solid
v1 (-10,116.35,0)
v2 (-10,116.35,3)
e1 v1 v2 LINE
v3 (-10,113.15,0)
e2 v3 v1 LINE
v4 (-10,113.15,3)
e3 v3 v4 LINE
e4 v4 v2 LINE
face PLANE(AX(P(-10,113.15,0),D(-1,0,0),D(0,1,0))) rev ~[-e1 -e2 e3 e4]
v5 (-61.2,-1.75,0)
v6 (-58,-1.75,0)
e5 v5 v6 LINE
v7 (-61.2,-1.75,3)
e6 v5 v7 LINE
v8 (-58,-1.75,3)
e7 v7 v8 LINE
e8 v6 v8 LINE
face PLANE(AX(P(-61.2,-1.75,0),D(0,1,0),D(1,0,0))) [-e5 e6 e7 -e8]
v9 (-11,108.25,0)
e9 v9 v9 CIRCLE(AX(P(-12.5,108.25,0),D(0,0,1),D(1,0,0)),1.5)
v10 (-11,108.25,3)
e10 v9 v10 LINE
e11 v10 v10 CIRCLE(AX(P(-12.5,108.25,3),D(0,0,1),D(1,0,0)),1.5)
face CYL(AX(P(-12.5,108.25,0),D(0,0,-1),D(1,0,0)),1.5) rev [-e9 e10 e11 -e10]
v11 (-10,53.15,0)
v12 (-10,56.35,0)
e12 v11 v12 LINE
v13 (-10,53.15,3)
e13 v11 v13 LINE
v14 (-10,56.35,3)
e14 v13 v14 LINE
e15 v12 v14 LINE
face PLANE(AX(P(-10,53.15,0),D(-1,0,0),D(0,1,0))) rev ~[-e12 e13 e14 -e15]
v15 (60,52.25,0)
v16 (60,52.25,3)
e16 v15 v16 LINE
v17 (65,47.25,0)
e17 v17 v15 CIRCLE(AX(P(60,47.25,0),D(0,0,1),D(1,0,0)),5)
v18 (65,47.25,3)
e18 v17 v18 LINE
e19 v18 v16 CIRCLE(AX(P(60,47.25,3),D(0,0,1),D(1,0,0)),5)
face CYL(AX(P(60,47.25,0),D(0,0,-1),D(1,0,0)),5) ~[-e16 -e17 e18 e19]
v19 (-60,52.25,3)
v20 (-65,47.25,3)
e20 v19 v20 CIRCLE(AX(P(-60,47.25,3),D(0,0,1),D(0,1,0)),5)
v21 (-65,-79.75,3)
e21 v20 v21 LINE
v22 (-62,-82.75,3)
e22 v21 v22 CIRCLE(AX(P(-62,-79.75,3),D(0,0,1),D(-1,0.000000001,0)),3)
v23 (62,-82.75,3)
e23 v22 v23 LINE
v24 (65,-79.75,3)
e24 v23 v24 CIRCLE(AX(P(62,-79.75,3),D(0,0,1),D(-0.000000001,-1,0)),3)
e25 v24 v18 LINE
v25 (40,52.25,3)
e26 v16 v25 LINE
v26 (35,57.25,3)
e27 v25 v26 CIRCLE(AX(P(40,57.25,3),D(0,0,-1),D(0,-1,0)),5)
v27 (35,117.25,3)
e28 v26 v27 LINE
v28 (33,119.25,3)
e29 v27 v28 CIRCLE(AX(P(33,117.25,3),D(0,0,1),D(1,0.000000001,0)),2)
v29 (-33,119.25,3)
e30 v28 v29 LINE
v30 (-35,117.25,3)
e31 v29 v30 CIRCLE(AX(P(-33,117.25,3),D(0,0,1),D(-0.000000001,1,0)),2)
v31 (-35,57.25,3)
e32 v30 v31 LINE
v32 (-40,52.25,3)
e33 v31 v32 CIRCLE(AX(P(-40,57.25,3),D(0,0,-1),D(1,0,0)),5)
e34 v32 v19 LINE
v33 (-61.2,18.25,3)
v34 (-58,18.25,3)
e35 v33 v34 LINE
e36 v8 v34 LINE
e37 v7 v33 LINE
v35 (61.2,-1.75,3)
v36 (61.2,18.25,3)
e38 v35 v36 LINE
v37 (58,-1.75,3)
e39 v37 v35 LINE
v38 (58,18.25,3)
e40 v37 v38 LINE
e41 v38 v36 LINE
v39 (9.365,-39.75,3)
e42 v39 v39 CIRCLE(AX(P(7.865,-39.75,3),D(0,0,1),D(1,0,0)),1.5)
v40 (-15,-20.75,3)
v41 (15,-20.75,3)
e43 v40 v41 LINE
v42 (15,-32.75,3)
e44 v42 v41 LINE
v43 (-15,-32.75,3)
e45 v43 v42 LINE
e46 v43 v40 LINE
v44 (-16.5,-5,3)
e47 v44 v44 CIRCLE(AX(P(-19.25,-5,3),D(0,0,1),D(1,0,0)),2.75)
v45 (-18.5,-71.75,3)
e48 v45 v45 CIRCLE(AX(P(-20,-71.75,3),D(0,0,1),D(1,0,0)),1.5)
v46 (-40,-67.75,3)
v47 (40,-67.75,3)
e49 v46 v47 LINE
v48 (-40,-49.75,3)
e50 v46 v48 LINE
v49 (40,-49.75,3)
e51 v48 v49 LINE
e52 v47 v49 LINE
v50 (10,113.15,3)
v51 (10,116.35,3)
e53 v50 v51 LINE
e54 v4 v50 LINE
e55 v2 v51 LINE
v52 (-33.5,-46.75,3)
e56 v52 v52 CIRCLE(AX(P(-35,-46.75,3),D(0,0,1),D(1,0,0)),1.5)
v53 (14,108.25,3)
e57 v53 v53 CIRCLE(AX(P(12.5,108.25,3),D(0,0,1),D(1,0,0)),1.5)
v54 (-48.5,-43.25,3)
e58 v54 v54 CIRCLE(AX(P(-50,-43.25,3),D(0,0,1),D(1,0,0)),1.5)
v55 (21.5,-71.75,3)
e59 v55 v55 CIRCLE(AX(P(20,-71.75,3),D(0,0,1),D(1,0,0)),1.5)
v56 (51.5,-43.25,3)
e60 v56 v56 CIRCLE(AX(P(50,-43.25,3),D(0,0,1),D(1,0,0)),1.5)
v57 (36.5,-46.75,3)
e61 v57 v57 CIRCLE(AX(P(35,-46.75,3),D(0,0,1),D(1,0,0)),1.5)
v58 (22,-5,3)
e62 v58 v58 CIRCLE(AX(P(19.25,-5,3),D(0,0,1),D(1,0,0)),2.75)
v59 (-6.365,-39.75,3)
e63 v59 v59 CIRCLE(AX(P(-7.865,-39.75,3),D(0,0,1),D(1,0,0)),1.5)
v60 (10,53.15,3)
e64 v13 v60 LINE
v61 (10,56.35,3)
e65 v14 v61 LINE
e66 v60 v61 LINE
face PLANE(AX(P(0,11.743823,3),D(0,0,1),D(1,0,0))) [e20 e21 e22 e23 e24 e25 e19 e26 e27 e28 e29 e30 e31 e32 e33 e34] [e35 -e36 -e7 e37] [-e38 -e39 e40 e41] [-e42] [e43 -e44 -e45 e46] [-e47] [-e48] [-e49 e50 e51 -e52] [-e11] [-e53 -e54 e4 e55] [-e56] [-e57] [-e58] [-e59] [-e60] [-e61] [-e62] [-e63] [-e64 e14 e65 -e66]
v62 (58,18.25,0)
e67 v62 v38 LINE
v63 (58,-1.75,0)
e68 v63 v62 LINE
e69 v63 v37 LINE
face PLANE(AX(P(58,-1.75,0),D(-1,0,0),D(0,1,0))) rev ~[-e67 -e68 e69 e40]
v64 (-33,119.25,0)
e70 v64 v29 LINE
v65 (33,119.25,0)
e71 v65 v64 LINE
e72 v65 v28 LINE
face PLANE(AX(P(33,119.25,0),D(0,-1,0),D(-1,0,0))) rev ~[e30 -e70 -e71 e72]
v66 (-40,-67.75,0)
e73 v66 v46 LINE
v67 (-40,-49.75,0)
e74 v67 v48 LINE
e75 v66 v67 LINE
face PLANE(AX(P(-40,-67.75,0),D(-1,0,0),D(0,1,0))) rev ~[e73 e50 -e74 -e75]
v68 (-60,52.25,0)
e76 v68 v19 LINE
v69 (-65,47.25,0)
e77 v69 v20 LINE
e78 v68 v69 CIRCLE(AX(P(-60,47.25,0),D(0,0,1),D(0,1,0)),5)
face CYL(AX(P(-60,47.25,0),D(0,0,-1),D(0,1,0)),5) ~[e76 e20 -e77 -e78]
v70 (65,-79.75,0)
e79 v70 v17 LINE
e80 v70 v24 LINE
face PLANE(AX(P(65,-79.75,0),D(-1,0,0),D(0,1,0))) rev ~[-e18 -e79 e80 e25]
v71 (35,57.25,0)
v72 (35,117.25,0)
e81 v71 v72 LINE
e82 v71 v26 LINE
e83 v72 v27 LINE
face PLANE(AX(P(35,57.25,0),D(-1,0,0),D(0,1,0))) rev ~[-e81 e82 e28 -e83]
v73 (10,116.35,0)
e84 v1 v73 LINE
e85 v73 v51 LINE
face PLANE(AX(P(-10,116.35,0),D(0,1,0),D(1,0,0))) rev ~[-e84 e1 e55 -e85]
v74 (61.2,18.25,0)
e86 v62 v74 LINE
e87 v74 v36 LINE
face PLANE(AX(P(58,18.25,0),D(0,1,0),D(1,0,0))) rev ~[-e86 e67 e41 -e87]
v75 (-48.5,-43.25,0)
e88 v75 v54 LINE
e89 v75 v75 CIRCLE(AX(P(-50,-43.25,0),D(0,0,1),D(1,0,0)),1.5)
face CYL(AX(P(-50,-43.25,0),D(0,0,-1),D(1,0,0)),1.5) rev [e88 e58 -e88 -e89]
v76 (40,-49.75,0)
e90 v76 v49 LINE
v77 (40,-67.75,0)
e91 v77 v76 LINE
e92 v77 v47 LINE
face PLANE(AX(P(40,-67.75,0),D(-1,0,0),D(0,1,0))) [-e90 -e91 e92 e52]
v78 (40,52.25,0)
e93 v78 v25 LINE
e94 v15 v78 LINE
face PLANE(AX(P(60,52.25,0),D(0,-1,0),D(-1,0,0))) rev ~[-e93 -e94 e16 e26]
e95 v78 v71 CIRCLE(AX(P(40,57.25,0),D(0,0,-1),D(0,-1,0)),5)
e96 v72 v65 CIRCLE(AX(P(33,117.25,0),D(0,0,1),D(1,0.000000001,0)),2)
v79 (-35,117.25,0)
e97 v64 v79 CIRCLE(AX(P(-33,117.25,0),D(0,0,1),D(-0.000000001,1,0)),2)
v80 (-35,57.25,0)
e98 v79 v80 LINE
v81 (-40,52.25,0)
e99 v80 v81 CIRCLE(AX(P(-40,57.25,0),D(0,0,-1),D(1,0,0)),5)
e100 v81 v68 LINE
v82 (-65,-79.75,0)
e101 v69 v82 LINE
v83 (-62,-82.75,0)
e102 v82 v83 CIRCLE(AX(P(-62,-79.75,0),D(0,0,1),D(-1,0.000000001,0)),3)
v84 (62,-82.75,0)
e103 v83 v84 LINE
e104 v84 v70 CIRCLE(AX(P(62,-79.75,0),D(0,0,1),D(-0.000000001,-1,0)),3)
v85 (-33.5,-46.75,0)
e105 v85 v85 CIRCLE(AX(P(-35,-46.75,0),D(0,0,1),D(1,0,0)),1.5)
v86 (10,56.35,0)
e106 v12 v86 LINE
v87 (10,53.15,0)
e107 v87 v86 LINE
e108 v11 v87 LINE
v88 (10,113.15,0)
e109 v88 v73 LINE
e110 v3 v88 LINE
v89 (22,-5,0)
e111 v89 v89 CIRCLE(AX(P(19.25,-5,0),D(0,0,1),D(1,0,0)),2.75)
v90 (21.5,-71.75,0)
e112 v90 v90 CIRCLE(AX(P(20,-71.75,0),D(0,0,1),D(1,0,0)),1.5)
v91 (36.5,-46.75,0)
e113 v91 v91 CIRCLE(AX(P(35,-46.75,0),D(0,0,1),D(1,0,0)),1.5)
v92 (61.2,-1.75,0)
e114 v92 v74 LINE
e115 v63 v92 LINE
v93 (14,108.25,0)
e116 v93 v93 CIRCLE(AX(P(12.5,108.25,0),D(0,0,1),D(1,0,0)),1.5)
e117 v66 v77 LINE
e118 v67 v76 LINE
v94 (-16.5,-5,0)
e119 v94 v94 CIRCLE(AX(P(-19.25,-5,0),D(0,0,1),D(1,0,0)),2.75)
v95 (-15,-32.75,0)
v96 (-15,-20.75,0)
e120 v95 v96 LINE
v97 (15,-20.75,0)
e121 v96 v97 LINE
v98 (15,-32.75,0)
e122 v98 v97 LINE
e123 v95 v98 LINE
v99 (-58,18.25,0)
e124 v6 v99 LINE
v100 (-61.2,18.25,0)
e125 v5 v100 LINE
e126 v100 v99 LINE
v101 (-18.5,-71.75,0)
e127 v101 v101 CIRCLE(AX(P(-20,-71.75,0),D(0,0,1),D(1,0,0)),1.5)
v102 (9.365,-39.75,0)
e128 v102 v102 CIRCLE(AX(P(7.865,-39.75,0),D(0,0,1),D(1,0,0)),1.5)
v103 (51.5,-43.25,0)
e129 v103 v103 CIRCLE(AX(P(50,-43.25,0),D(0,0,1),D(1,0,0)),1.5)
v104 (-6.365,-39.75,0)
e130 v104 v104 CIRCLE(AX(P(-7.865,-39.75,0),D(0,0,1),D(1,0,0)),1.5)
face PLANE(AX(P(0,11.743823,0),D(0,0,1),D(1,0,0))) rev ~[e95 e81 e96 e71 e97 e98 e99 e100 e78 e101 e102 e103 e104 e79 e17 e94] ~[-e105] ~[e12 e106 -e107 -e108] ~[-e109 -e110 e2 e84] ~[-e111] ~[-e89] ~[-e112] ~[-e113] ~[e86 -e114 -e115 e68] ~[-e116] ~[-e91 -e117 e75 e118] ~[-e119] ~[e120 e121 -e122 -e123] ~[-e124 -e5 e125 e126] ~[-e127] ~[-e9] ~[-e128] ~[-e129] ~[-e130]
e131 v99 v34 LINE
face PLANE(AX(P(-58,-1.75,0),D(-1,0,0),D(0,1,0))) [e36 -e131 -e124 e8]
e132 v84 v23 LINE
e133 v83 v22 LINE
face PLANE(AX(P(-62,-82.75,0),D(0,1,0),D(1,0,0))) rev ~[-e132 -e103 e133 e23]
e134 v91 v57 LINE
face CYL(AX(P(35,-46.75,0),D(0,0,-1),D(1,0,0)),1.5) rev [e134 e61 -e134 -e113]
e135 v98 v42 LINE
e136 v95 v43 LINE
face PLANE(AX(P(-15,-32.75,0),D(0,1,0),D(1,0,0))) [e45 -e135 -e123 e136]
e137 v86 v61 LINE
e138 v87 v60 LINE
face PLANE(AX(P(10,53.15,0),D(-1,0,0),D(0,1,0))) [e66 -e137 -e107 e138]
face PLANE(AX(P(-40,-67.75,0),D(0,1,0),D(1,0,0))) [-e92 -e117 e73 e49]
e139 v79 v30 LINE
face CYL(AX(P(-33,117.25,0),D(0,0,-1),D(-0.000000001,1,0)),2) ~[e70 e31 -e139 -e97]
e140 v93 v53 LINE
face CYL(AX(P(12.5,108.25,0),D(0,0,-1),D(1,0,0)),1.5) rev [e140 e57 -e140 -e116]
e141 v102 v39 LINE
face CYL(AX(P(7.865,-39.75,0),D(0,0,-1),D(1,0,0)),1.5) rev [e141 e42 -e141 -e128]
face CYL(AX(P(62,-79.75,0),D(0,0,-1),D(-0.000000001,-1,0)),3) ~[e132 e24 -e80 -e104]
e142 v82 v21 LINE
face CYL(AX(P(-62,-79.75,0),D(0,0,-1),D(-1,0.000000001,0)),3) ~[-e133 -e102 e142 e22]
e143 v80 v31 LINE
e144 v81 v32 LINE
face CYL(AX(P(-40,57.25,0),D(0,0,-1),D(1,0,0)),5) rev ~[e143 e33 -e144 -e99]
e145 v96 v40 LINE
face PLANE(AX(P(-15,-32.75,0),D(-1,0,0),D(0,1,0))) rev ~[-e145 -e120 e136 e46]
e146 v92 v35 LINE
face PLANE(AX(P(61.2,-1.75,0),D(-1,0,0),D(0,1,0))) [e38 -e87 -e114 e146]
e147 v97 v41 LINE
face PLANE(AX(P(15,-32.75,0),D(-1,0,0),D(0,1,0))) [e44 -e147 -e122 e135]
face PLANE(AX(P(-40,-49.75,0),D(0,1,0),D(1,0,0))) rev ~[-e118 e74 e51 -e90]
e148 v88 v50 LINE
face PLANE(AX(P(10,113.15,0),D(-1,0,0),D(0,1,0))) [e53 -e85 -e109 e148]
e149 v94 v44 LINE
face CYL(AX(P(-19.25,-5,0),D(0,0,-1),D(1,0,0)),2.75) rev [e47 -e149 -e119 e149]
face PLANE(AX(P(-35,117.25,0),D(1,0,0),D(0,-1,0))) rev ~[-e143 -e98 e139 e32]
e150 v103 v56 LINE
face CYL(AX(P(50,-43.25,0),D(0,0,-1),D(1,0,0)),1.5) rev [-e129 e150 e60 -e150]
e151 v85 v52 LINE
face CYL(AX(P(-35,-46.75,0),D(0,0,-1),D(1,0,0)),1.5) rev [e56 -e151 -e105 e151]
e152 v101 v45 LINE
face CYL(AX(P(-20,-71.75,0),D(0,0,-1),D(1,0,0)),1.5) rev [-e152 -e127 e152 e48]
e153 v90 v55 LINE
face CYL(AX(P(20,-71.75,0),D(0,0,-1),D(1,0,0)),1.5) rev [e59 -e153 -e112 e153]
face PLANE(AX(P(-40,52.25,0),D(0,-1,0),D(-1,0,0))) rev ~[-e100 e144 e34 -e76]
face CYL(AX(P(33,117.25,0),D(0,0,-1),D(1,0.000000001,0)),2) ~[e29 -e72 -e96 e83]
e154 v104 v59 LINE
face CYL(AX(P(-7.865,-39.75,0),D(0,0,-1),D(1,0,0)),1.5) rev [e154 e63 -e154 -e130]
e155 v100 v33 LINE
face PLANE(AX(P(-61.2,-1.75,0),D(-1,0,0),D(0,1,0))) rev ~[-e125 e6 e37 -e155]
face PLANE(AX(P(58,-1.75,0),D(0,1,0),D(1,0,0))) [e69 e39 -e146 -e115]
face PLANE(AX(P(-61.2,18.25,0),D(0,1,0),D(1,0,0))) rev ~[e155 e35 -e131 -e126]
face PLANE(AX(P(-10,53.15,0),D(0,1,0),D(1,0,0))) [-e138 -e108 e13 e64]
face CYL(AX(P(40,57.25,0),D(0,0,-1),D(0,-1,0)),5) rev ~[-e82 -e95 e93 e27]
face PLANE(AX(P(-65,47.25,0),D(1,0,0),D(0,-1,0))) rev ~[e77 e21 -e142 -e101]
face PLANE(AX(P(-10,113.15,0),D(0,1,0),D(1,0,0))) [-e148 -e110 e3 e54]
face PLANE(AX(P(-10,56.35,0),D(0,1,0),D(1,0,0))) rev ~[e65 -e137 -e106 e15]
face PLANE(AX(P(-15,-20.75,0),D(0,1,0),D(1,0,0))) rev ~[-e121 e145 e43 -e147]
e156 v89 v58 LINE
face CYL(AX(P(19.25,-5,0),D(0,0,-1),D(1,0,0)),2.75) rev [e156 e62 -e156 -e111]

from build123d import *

# Parameters (mm, degrees)
SKETCH1_R           = 1.5
SKETCH1_R_2         = 2.75
SKETCH1_W           = 3.2
SKETCH1_H           = 20
SKETCH1_W_2         = 20
SKETCH1_H_2         = 3.2
SKETCH1_W_3         = 80
SKETCH1_H_3         = 18
SKETCH1_W_4         = 30
SKETCH1_H_4         = 12
BOSS_EXTRUDE2_DEPTH = 3


with BuildPart() as part:
    # Sketch1 → Boss-Extrude2 (new body)
    with BuildSketch(Plane.XY):
        with BuildLine():
            Line((-35, 117.25), (-35, 57.25))
            ThreePointArc((-35, 57.25), (-36.464466094, 53.714466094), (-40, 52.25))
            Line((-40, 52.25), (-60, 52.25))
            ThreePointArc((-60, 52.25), (-63.535533906, 50.785533906), (-65, 47.25))
            Line((-65, 47.25), (-65, -79.75))
            ThreePointArc((-65, -79.75), (-64.121320344, -81.871320344), (-62, -82.75))
            Line((-62, -82.75), (62, -82.75))
            ThreePointArc((62, -82.75), (64.121320344, -81.871320344), (65, -79.75))
            Line((65, -79.75), (65, 47.25))
            ThreePointArc((65, 47.25), (63.535533906, 50.785533906), (60, 52.25))
            Line((60, 52.25), (40, 52.25))
            ThreePointArc((40, 52.25), (36.464466094, 53.714466094), (35, 57.25))
            Line((35, 57.25), (35, 117.25))
            ThreePointArc((35, 117.25), (34.414213562, 118.664213562), (33, 119.25))
            Line((33, 119.25), (-33, 119.25))
            ThreePointArc((-33, 119.25), (-34.414213562, 118.664213562), (-35, 117.25))
        make_face()
        with Locations((-20, -71.75)):
            Circle(SKETCH1_R, mode=Mode.SUBTRACT)
        with Locations((20, -71.75)):
            Circle(SKETCH1_R, mode=Mode.SUBTRACT)
        with Locations((-35, -46.75)):
            Circle(SKETCH1_R, mode=Mode.SUBTRACT)
        with Locations((35, -46.75)):
            Circle(SKETCH1_R, mode=Mode.SUBTRACT)
        with Locations((-7.865, -39.75)):
            Circle(SKETCH1_R, mode=Mode.SUBTRACT)
        with Locations((7.865, -39.75)):
            Circle(SKETCH1_R, mode=Mode.SUBTRACT)
        with Locations((-19.25, -5)):
            Circle(SKETCH1_R_2, mode=Mode.SUBTRACT)
        with Locations((19.25, -5)):
            Circle(SKETCH1_R_2, mode=Mode.SUBTRACT)
        with Locations((-50, -43.25)):
            Circle(SKETCH1_R, mode=Mode.SUBTRACT)
        with Locations((50, -43.25)):
            Circle(SKETCH1_R, mode=Mode.SUBTRACT)
        with Locations((-12.5, 108.25)):
            Circle(SKETCH1_R, mode=Mode.SUBTRACT)
        with Locations((12.5, 108.25)):
            Circle(SKETCH1_R, mode=Mode.SUBTRACT)
        with Locations((59.6, 8.25)):
            Rectangle(SKETCH1_W, SKETCH1_H, mode=Mode.SUBTRACT)
        with Locations((-59.6, 8.25)):
            Rectangle(SKETCH1_W, SKETCH1_H, mode=Mode.SUBTRACT)
        with Locations((0, 54.75)):
            Rectangle(SKETCH1_W_2, SKETCH1_H_2, mode=Mode.SUBTRACT)
        with Locations((0, -58.75)):
            Rectangle(SKETCH1_W_3, SKETCH1_H_3, mode=Mode.SUBTRACT)
        with Locations((0, -26.75)):
            Rectangle(SKETCH1_W_4, SKETCH1_H_4, mode=Mode.SUBTRACT)
        with Locations((0, 114.75)):
            Rectangle(SKETCH1_W_2, SKETCH1_H_2, mode=Mode.SUBTRACT)
    extrude(amount=BOSS_EXTRUDE2_DEPTH)


solid = part.part
